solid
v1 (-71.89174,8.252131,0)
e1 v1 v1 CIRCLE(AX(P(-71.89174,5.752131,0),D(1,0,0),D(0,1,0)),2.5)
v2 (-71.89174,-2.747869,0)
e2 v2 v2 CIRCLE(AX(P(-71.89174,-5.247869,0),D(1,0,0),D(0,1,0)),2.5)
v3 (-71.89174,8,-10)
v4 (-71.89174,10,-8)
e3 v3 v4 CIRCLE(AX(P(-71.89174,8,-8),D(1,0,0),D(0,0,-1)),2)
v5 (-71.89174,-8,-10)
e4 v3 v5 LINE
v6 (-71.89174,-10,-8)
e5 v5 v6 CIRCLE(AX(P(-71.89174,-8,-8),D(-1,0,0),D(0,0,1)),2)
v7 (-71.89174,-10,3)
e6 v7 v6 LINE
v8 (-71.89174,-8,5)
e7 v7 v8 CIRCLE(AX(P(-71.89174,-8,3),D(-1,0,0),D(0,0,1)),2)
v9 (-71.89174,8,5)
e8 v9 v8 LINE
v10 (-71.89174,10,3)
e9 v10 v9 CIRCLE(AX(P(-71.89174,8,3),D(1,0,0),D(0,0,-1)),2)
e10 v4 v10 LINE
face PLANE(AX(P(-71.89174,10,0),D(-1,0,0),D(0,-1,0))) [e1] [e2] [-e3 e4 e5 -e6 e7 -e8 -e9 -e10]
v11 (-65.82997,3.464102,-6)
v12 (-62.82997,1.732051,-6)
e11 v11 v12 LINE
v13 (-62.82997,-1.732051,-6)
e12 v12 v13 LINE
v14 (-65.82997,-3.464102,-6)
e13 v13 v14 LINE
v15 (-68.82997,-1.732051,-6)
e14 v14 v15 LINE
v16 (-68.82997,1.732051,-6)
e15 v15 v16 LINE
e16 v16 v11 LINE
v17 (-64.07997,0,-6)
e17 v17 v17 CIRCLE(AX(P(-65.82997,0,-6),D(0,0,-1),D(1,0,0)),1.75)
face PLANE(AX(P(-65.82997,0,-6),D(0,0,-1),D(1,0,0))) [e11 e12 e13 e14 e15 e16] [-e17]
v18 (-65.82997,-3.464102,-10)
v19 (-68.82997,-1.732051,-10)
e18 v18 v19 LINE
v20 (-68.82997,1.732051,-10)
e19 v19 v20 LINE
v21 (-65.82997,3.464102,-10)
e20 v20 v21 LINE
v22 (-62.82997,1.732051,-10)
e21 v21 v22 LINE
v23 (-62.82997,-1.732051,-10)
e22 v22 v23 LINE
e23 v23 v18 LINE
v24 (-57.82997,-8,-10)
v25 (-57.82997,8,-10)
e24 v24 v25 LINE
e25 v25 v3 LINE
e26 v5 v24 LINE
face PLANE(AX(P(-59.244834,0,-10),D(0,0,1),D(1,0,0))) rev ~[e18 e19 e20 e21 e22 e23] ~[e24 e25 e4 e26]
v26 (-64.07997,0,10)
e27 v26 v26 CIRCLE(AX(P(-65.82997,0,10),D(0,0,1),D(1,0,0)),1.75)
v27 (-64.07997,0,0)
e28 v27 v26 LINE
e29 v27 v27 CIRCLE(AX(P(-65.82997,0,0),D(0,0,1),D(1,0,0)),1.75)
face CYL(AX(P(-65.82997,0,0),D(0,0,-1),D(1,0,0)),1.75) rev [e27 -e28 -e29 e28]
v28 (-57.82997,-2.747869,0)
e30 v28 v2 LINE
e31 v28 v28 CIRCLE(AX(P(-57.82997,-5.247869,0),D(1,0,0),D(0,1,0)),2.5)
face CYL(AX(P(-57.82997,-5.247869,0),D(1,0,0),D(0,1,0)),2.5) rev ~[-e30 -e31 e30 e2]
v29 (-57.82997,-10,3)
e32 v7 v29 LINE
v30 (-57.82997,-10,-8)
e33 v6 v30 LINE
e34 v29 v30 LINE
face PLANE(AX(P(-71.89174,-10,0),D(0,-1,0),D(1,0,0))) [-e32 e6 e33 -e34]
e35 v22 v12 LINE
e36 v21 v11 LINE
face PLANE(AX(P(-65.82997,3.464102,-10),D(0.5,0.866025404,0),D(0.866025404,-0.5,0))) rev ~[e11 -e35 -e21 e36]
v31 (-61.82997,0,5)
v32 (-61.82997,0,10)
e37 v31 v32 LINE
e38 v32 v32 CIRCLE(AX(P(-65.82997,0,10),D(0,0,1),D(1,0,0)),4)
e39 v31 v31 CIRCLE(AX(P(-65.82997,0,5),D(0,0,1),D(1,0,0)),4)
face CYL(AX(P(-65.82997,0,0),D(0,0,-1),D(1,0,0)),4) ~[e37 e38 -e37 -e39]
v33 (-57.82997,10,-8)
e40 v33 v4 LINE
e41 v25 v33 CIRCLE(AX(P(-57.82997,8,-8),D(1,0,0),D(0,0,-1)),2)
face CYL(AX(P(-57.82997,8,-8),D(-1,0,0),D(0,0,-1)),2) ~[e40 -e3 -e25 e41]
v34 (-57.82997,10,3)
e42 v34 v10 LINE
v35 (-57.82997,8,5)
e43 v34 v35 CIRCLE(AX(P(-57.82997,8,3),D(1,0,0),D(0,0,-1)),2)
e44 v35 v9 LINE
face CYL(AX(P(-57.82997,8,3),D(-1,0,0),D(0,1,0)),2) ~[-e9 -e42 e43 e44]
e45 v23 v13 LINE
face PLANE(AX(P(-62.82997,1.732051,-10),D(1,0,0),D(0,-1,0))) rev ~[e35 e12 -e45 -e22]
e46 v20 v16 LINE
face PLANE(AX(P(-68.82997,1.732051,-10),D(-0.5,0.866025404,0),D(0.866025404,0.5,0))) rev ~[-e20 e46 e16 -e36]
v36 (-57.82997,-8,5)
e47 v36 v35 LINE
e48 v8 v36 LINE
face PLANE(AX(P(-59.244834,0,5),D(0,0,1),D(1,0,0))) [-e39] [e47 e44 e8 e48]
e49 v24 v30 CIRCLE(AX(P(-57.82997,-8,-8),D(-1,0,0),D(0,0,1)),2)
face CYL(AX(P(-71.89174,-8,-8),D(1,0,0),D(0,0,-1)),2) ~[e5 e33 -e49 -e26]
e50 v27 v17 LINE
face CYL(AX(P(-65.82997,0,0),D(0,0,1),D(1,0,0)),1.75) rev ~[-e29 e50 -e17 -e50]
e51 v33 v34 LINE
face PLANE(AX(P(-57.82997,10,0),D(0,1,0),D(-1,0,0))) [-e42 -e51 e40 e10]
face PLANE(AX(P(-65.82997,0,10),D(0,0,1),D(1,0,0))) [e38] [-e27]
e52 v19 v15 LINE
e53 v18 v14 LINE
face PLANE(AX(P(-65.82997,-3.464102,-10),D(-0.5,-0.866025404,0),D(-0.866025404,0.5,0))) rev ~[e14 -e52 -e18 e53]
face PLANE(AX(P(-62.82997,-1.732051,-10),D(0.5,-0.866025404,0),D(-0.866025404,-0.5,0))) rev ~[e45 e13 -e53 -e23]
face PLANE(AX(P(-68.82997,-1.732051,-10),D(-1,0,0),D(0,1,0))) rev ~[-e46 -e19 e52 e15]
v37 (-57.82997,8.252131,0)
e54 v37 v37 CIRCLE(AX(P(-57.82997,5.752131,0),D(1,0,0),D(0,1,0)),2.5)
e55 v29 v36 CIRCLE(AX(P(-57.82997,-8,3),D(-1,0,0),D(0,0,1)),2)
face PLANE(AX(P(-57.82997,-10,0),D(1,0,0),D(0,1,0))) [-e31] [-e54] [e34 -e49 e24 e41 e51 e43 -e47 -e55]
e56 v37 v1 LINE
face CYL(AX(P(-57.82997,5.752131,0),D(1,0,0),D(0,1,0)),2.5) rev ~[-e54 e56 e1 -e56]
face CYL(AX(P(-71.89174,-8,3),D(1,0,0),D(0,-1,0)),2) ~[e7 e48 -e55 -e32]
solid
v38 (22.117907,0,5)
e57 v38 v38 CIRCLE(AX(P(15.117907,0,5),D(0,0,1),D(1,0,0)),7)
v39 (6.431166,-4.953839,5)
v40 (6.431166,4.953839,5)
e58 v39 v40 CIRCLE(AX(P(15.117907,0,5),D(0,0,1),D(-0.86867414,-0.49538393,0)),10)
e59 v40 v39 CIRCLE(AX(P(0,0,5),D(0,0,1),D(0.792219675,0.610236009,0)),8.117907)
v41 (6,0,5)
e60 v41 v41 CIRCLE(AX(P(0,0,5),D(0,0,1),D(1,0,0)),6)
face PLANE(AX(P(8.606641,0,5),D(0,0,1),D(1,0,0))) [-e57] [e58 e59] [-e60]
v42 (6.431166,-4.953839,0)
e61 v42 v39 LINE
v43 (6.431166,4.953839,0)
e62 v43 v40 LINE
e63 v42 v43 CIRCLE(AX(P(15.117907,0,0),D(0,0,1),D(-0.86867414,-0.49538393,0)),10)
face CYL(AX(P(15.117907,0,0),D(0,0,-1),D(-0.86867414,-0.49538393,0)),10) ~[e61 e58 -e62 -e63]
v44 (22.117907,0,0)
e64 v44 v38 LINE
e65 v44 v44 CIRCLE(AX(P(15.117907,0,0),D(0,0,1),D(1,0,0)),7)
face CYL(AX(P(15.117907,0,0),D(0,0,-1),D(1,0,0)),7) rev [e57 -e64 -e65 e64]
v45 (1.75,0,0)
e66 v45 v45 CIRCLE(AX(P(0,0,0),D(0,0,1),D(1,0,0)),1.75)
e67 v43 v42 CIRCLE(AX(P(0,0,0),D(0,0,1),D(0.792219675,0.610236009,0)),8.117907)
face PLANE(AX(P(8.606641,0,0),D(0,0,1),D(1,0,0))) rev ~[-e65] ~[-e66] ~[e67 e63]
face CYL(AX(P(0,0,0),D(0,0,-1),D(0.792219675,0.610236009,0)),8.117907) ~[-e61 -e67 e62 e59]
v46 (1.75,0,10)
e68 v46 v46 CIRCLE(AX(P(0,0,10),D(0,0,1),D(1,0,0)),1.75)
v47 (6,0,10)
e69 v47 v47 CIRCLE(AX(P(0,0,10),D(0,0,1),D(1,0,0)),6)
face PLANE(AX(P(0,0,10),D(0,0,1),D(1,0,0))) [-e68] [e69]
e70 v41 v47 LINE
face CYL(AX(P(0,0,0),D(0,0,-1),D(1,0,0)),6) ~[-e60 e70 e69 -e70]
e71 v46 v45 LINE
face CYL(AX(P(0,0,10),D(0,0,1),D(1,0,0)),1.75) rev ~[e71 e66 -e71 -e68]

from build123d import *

# Parameters (mm, degrees)
F0_R          = 6
F0_R_2        = 7
F1_DEPTH      = 5
F2_DEPTH      = 10
F3_R          = 1.75
F4_DEPTH      = 25
F5_R          = 4
F6_DEPTH      = 5
F6_DEPTH_BACK = 10
F5_R_2        = 1.75
F7_DEPTH      = 10
F7_DEPTH_BACK = 10
F8_DEPTH      = 5
F8_DEPTH_BACK = 10
F9_R          = 2.5
F10_DEPTH     = 20
F11_R         = 2
F12_R         = 1.75
F13_DEPTH     = 4


with BuildPart() as f1:
    # F0 (on Top) → F1 (new body)
    with BuildSketch(Plane.XY):
        with BuildLine():
            ThreePointArc((6.431165807, -4.9538393006), (25.1179072089, 0), (6.431165807, 4.9538393006))
            ThreePointArc((6.431165807, 4.9538393006), (-8.1179072089, 0), (6.431165807, -4.9538393006))
        make_face()
        Circle(F0_R, mode=Mode.SUBTRACT)
        with Locations((15.1179072089, 0)):
            Circle(F0_R_2, mode=Mode.SUBTRACT)
    extrude(amount=F1_DEPTH)

    # F0 (on Top) → F2 (join)
    with BuildSketch(Plane.XY):
        Circle(F0_R)
    extrude(amount=F2_DEPTH)

    # F3 (on face) → F4 (cut)
    with BuildSketch(Plane.XY.offset(10)):
        Circle(F3_R)
    extrude(amount=-F4_DEPTH, mode=Mode.SUBTRACT)


with BuildPart() as f6:
    # F5 (on Top) → F6 (new body, two sides)
    with BuildSketch(Plane.XY) as f6_sk:
        with BuildLine():
            Line((-60.8299699426, -3.3166247904), (-60.8299699426, 3.3166247904))
            ThreePointArc((-60.8299699426, 3.3166247904), (-71.8299699426, 0), (-60.8299699426, -3.3166247904))
        make_face()
        with Locations((-65.8299699426, 0)):
            Circle(F5_R, mode=Mode.SUBTRACT)
        with BuildLine():
            ThreePointArc((-60.8299699426, -3.3166247904), (-60.085407296, -1.7320508076), (-59.8299699426, 0))
            ThreePointArc((-59.8299699426, 0), (-60.085407296, 1.7320508076), (-60.8299699426, 3.3166247904))
            Line((-60.8299699426, 3.3166247904), (-60.8299699426, -3.3166247904))
        make_face()
    extrude(amount=F6_DEPTH)
    extrude(f6_sk.sketch, amount=-F6_DEPTH_BACK)

    # F5 (on Top) → F7 (join, two sides)
    with BuildSketch(Plane.XY) as f7_sk:
        with Locations((-65.8299699426, 0)):
            Circle(F5_R)
        with Locations((-65.8299699426, 0)):
            Circle(F5_R_2, mode=Mode.SUBTRACT)
    extrude(amount=F7_DEPTH)
    extrude(f7_sk.sketch, amount=-F7_DEPTH_BACK)

    # F5 (on Top) → F8 (join, two sides)
    with BuildSketch(Plane.XY) as f8_sk:
        with BuildLine():
            ThreePointArc((-60.8299699426, 3.3166247904), (-60.085407296, 1.7320508076), (-59.8299699426, 0))
            ThreePointArc((-59.8299699426, 0), (-60.085407296, -1.7320508076), (-60.8299699426, -3.3166247904))
            Line((-60.8299699426, -3.3166247904), (-60.8299699426, -10))
            Line((-60.8299699426, -10), (-57.8299699426, -10))
            Line((-57.8299699426, -10), (-57.8299699426, 10))
            Line((-57.8299699426, 10), (-60.8299699426, 10))
            Line((-60.8299699426, 10), (-60.8299699426, 3.3166247904))
        make_face()
        with BuildLine():
            ThreePointArc((-60.8299699426, -3.3166247904), (-71.8299699426, 0), (-60.8299699426, 3.3166247904))
            Line((-60.8299699426, 3.3166247904), (-60.8299699426, 10))
            Line((-60.8299699426, 10), (-71.8917399645, 10))
            Line((-71.8917399645, 10), (-71.8917399645, -10))
            Line((-71.8917399645, -10), (-60.8299699426, -10))
            Line((-60.8299699426, -10), (-60.8299699426, -3.3166247904))
        make_face()
    extrude(amount=F8_DEPTH)
    extrude(f8_sk.sketch, amount=-F8_DEPTH_BACK)

    # F9 (on face) → F10 (cut)
    with BuildSketch(Plane.YZ.offset(-57.8299699426)):
        with Locations((-5.2478685975, 0)):
            Circle(F9_R)
        with Locations((5.7521314025, 0)):
            Circle(F9_R)
    extrude(amount=-F10_DEPTH, mode=Mode.SUBTRACT)

    # F11
    f11_edges = [f6.edges().sort_by_distance(p)[0] for p in [
        (-64.860855, -10, 5),
        (-64.860855, -10, -10),
        (-64.860855, 10, 5),
        (-64.860855, 10, -10),
    ]]
    fillet(f11_edges, radius=F11_R)

    # F12 (on face) → F13 (cut)
    with BuildSketch(Plane(origin=(0, 0, -10), x_dir=(1, 0, 0), z_dir=(0, 0, -1))):
        Polygon((-62.8299699426, -1.7320508076), (-62.8299699426, 1.7320508076), (-65.8299699426, 3.4641016151), (-68.8299699426, 1.7320508076), (-68.8299699426, -1.7320508076), (-65.8299699426, -3.4641016151), align=None)
        with Locations((-65.8299699426, 0)):
            Circle(F12_R, mode=Mode.SUBTRACT)
    extrude(amount=-F13_DEPTH, mode=Mode.SUBTRACT)


solid = Compound([f1.part, f6.part])
